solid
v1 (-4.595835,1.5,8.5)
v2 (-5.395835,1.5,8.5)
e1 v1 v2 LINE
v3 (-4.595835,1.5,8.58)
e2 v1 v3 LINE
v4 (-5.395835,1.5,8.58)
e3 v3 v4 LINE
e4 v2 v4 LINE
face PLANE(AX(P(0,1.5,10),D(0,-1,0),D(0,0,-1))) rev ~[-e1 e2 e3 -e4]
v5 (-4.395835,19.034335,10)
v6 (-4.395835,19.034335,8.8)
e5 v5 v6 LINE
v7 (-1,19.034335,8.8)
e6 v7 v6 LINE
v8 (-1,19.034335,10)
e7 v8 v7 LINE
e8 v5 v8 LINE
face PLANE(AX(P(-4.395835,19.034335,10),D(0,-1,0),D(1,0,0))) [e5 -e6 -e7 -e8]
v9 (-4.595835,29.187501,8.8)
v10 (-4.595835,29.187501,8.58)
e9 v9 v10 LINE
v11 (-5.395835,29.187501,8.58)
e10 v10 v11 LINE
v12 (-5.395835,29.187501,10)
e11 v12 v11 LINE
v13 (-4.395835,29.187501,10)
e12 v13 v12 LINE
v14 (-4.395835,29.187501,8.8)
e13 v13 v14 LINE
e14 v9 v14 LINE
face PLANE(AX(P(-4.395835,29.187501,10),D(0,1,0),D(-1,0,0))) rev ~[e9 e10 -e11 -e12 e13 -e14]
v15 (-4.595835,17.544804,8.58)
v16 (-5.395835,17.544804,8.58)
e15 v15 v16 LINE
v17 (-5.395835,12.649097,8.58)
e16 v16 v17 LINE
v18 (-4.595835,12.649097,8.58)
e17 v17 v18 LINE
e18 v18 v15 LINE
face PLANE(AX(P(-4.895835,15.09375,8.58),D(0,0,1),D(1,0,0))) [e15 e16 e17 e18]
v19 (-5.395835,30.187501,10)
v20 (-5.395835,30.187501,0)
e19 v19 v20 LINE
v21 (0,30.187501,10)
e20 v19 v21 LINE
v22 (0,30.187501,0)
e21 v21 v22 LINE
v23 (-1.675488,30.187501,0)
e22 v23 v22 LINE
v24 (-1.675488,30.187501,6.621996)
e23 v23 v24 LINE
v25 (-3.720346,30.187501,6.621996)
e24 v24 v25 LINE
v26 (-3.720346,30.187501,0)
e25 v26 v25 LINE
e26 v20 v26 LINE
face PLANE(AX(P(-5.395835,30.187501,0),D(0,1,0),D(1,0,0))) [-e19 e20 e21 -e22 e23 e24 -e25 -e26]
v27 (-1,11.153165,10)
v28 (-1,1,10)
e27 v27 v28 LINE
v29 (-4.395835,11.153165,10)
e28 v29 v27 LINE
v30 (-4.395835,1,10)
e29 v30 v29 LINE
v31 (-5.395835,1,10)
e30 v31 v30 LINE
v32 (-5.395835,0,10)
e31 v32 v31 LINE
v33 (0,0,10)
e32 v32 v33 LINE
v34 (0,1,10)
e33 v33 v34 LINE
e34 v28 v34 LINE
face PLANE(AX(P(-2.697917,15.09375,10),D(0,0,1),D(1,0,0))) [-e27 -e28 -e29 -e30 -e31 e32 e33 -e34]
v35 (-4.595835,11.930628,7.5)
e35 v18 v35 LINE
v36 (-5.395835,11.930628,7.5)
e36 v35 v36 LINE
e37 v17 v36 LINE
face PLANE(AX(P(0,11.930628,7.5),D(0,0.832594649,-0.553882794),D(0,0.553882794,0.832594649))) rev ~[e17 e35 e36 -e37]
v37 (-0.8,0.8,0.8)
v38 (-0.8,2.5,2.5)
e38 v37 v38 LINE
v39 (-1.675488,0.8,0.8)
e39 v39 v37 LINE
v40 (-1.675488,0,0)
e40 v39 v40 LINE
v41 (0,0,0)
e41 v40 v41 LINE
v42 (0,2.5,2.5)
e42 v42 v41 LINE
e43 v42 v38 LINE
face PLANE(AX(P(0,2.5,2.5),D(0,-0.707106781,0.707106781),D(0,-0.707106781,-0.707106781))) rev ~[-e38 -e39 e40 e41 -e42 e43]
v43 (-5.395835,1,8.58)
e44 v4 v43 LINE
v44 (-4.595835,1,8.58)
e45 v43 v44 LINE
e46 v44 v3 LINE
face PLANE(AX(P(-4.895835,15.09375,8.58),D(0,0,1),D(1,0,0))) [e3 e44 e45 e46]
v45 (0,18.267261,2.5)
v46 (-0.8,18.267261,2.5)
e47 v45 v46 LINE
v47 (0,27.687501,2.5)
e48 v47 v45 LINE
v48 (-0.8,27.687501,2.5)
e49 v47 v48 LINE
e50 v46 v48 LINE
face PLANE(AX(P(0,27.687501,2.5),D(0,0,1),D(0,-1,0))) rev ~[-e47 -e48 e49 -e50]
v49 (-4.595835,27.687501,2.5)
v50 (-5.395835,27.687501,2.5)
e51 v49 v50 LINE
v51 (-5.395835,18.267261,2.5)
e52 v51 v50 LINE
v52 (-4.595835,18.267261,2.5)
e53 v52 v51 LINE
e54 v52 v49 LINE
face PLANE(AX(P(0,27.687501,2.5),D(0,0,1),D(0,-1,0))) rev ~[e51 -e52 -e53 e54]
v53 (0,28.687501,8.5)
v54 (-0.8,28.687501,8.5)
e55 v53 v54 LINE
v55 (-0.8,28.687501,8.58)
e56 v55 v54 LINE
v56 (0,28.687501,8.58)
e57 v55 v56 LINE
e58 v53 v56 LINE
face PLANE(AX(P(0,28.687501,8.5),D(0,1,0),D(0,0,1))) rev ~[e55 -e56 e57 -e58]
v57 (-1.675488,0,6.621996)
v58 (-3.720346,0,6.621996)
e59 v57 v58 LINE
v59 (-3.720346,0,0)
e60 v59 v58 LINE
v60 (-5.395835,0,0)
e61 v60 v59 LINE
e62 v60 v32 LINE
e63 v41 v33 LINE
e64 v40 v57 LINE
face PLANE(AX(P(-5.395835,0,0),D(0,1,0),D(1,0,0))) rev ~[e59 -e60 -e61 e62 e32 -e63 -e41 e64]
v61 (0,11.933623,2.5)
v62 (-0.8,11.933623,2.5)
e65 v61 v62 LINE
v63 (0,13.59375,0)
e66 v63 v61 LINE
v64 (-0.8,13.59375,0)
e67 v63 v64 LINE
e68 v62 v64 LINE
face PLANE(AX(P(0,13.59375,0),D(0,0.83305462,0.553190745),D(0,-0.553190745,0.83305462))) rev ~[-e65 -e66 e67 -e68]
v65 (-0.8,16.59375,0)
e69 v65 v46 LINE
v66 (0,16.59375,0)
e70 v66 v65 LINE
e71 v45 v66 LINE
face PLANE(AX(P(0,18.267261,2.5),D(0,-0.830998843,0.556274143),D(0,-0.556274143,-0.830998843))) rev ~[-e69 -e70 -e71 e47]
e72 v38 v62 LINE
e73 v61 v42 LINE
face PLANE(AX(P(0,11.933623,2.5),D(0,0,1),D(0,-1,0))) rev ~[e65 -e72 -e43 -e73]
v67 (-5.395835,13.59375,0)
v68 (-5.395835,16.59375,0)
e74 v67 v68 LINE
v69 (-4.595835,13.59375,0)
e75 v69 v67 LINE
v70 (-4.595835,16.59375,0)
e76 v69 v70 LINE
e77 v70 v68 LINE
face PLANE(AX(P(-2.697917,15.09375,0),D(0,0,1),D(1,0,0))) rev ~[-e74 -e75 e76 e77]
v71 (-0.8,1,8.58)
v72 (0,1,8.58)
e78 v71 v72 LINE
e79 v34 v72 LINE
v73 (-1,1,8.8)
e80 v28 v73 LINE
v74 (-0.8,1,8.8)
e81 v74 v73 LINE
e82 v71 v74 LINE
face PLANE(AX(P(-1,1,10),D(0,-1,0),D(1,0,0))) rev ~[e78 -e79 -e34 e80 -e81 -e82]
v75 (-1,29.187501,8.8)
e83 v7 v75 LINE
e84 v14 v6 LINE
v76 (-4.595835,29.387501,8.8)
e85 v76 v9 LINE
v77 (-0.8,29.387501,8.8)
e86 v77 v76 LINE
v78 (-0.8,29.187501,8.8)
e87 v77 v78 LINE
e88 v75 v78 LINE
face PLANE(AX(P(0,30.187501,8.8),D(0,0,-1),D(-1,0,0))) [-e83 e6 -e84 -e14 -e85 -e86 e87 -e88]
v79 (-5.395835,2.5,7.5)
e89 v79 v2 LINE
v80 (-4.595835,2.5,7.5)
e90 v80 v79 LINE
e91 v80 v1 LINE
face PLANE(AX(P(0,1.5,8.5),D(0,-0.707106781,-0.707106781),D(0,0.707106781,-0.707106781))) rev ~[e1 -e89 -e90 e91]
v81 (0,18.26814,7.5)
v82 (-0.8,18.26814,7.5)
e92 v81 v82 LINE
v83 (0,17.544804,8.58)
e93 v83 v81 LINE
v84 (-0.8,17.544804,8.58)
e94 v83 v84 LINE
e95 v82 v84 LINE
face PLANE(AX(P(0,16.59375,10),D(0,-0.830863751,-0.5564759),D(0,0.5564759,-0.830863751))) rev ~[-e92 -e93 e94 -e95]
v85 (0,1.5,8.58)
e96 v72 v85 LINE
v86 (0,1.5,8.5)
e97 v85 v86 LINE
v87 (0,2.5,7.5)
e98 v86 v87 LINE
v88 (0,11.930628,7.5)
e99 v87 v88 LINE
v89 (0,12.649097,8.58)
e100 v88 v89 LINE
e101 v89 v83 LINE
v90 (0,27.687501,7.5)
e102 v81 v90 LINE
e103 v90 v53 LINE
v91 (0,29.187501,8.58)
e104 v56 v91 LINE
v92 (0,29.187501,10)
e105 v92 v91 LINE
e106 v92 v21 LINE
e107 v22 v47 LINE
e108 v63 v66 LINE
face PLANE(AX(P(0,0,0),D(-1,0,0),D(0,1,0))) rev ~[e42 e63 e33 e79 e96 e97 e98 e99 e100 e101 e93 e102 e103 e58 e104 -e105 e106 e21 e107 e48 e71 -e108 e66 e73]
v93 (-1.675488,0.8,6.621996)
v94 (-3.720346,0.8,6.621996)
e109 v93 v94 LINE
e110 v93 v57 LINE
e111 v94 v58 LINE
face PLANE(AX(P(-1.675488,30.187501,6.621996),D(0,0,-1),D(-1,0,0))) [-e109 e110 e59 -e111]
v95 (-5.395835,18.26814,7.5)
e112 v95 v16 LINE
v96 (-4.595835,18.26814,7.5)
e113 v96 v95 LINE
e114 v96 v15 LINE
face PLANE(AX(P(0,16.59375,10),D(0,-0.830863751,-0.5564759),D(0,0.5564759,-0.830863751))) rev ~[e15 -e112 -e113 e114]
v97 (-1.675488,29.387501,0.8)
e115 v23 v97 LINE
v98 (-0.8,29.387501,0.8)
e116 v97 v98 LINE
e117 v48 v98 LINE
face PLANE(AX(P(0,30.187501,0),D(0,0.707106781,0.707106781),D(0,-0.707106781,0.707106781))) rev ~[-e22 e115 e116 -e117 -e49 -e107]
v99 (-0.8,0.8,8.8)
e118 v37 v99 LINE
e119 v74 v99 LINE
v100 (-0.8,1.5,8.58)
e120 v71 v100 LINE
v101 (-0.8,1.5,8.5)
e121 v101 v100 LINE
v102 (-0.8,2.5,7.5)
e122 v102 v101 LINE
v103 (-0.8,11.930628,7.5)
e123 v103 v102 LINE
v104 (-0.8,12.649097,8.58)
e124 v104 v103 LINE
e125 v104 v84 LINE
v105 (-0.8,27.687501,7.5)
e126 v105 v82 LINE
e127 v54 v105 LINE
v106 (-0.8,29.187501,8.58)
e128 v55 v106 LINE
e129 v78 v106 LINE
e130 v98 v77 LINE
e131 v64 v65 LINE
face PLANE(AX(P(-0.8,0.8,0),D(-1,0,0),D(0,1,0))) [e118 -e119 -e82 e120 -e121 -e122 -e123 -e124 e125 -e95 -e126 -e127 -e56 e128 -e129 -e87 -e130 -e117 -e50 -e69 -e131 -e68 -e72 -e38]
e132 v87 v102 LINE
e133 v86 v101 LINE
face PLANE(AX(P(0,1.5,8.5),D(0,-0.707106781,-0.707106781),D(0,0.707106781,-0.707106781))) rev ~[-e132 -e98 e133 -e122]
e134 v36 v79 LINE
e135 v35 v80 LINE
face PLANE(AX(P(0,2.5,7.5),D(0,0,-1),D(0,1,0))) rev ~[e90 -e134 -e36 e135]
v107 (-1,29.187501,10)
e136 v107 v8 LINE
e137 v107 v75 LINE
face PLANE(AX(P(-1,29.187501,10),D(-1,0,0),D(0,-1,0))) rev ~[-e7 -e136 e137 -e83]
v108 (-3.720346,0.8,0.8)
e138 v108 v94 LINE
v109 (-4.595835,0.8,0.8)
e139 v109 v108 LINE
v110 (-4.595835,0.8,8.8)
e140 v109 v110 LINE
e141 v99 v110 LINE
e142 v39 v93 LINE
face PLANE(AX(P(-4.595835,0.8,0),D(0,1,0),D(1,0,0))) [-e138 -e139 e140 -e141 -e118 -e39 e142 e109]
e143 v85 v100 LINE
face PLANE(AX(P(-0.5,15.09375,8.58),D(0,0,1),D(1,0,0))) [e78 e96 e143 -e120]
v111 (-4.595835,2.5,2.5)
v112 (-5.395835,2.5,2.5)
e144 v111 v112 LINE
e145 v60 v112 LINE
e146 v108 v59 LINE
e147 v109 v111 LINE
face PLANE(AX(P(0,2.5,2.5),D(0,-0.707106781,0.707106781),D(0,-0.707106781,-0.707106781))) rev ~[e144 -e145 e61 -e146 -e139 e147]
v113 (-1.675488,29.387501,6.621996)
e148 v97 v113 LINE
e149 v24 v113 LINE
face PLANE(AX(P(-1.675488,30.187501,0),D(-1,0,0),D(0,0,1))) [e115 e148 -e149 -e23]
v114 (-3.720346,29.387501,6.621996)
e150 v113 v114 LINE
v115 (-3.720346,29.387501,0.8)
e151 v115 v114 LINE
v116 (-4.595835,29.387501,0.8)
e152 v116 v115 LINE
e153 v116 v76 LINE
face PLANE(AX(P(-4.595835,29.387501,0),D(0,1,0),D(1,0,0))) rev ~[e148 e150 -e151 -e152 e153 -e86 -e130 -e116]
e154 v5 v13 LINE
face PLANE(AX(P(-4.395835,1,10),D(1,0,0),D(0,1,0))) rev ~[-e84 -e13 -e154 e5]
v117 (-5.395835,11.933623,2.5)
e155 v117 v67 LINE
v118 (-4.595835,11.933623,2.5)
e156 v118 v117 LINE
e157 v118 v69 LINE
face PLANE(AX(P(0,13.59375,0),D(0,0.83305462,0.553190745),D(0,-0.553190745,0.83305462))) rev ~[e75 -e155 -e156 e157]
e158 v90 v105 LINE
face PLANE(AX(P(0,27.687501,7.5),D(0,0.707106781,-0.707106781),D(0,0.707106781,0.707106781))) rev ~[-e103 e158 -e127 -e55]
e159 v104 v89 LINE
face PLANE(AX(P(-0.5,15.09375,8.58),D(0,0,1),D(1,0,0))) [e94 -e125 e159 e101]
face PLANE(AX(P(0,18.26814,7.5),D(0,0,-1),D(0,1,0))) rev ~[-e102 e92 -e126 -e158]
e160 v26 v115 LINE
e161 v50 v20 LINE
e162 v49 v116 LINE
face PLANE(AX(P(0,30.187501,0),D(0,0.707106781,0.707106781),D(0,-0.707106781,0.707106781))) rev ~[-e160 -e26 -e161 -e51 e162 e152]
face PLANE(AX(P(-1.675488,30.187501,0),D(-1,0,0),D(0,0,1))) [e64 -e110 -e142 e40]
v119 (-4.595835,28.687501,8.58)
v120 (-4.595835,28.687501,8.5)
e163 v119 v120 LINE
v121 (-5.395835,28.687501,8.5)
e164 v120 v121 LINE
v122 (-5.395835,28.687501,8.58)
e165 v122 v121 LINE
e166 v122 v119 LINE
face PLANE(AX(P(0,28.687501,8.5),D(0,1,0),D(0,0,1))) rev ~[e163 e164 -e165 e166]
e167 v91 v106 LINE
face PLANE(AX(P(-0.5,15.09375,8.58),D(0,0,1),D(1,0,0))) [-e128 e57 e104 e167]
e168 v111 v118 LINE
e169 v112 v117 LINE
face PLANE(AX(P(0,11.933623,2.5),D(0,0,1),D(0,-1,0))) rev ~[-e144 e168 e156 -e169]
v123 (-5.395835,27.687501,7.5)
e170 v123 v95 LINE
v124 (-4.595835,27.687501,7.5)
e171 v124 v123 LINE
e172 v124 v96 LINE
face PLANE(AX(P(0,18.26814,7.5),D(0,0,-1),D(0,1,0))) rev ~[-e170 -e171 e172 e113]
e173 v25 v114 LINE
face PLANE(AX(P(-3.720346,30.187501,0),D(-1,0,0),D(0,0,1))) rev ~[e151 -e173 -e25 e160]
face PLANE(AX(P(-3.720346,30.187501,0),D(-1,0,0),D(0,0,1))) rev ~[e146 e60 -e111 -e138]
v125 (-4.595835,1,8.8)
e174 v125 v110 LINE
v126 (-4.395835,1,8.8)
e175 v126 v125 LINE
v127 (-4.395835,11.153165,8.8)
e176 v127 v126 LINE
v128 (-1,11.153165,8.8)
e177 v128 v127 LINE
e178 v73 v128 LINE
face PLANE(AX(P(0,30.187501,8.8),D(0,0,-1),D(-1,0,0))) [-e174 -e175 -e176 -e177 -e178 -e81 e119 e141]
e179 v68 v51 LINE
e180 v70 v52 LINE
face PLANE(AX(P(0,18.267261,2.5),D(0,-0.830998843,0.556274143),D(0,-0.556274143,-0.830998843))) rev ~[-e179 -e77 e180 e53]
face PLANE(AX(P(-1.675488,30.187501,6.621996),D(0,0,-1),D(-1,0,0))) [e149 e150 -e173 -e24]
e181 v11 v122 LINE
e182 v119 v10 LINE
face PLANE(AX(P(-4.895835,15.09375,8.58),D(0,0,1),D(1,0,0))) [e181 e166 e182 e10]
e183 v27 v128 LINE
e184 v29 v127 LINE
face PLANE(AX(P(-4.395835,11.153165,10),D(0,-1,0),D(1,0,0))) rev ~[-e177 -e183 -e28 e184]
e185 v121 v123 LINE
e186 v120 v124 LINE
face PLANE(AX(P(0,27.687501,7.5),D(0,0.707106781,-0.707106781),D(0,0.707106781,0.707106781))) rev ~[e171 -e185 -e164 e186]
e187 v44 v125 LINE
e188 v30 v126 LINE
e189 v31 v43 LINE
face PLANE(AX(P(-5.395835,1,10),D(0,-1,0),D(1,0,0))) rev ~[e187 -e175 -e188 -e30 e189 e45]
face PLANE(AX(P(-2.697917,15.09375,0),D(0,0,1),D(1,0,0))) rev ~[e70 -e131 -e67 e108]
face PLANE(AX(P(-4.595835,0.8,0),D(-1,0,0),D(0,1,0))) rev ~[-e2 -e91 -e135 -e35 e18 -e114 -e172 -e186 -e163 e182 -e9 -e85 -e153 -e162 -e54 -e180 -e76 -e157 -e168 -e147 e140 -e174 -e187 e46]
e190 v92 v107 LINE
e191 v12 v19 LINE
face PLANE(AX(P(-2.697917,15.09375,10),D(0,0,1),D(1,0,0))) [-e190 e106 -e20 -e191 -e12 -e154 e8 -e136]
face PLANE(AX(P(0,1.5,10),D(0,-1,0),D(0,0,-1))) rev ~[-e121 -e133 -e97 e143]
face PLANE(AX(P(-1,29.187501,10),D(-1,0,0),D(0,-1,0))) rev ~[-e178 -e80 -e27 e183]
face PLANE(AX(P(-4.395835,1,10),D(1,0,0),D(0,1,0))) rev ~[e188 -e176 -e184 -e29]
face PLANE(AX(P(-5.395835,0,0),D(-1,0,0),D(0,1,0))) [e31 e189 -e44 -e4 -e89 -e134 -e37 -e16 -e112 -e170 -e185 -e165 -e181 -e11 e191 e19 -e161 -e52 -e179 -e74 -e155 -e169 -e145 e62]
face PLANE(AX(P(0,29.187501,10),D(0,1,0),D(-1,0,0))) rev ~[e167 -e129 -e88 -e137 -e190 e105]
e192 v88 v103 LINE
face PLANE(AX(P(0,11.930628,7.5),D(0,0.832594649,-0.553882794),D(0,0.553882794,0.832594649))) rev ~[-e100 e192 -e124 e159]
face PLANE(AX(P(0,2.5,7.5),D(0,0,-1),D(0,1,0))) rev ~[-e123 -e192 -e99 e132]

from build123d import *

# Parameters (mm, degrees)
F0_W      = 5.3958347999
F0_H      = 30.1875006407
F0_W_2    = 3.7958348403
F0_H_2    = 28.5875006812
F1_DEPTH  = 10
F4_DEPTH  = 6.7
F3_W      = 2.0448579453
F3_H      = 6.6219959408
F5_DEPTH  = 31.8
F6_DEPTH  = 6.5
F3_W_2    = 5.3958347999
F3_H_2    = 1.2
F7_DEPTH  = 6.9
F8_DEPTH  = 30.1
F10_DEPTH = 1.42
F9_W      = 3.3958347049
F9_H      = 3.9405850694
F11_DEPTH = 1.3


with BuildPart() as f1:
    # F0 (on Top) → F1 (new body)
    with BuildSketch(Plane.XY):
        with Locations((-2.6979173999, 15.0937503204)):
            Rectangle(F0_W, F0_H)
        with Locations((-2.6979173999, 15.0937503204)):
            Rectangle(F0_W_2, F0_H_2, mode=Mode.SUBTRACT)
    extrude(amount=F1_DEPTH)

    # F2 (on face) → F4 (cut)
    with BuildSketch(Plane.YZ):
        Polygon((28.6875006277, 1.500000013), (27.6875006966, 2.4999999441), (18.2672608644, 2.4999999441), (16.5937503204, 0), (30.1875006407, 0), align=None)
        Polygon((2.4999999441, 2.4999999441), (1.500000013, 1.500000013), (0, 0), (13.5937503204, 0), (11.9336228818, 2.4999999441), align=None)
    extrude(amount=-F4_DEPTH, mode=Mode.SUBTRACT)

    # F3 (on face) → F5 (cut)
    with BuildSketch(Plane(origin=(0, 30.1875006407, 0), x_dir=(-1, 0, 0), z_dir=(0, 1, 0))):
        with Locations((2.6979173999, 3.3109979704)):
            Rectangle(F3_W, F3_H)
    extrude(amount=-F5_DEPTH, mode=Mode.SUBTRACT)

    # F2 (on face) → F6 (cut)
    with BuildSketch(Plane.YZ):
        Polygon((18.2681400329, 7.5000000559), (27.6875006966, 7.5000000559), (28.6875006277, 8.499999987), (28.6875006277, 10), (16.5937503204, 10), align=None)
        Polygon((1.500000013, 10), (1.500000013, 8.499999987), (2.4999999441, 7.5000000559), (11.9306277484, 7.5000000559), (13.5937503204, 10), align=None)
    extrude(amount=-F6_DEPTH, mode=Mode.SUBTRACT)

    # F3 (on face) → F7 (join)
    with BuildSketch(Plane(origin=(0, 30.1875006407, 0), x_dir=(-1, 0, 0), z_dir=(0, 1, 0))):
        with Locations((2.6979173999, 9.4)):
            Rectangle(F3_W_2, F3_H_2)
    extrude(amount=-F7_DEPTH)

    # F3 (on face) → F8 (join)
    with BuildSketch(Plane(origin=(0, 30.1875006407, 0), x_dir=(-1, 0, 0), z_dir=(0, 1, 0))):
        with Locations((2.6979173999, 9.4)):
            Rectangle(F3_W_2, F3_H_2)
    extrude(amount=-F8_DEPTH)

    # F9 (on face) → F10 (cut)
    with BuildSketch(Plane.XY.offset(10)):
        Polygon((-5.3958347999, 1.0000000475), (-4.3958347524, 1.0000000475), (-4.3958347524, 11.153165251), (-4.3958347524, 15.0937503204), (-4.3958347524, 19.0343353897), (-4.3958347524, 29.1875005933), (-5.3958347999, 29.1875005933), align=None)
        Polygon((-1.0000000475, 11.153165251), (-1.0000000475, 1.0000000475), (0, 1.0000000475), (0, 29.1875005933), (-1.0000000475, 29.1875005933), (-1.0000000475, 19.0343353897), (-1.0000000475, 15.0937503204), align=None)
    extrude(amount=-F10_DEPTH, mode=Mode.SUBTRACT)

    # F9 (on face) → F11 (cut)
    with BuildSketch(Plane.XY.offset(10)):
        with Locations((-2.6979173999, 13.1234577857)):
            Rectangle(F9_W, F9_H)
        with Locations((-2.6979173999, 17.0640428551)):
            Rectangle(F9_W, F9_H)
    extrude(amount=-F11_DEPTH, mode=Mode.SUBTRACT)


solid = f1.part
